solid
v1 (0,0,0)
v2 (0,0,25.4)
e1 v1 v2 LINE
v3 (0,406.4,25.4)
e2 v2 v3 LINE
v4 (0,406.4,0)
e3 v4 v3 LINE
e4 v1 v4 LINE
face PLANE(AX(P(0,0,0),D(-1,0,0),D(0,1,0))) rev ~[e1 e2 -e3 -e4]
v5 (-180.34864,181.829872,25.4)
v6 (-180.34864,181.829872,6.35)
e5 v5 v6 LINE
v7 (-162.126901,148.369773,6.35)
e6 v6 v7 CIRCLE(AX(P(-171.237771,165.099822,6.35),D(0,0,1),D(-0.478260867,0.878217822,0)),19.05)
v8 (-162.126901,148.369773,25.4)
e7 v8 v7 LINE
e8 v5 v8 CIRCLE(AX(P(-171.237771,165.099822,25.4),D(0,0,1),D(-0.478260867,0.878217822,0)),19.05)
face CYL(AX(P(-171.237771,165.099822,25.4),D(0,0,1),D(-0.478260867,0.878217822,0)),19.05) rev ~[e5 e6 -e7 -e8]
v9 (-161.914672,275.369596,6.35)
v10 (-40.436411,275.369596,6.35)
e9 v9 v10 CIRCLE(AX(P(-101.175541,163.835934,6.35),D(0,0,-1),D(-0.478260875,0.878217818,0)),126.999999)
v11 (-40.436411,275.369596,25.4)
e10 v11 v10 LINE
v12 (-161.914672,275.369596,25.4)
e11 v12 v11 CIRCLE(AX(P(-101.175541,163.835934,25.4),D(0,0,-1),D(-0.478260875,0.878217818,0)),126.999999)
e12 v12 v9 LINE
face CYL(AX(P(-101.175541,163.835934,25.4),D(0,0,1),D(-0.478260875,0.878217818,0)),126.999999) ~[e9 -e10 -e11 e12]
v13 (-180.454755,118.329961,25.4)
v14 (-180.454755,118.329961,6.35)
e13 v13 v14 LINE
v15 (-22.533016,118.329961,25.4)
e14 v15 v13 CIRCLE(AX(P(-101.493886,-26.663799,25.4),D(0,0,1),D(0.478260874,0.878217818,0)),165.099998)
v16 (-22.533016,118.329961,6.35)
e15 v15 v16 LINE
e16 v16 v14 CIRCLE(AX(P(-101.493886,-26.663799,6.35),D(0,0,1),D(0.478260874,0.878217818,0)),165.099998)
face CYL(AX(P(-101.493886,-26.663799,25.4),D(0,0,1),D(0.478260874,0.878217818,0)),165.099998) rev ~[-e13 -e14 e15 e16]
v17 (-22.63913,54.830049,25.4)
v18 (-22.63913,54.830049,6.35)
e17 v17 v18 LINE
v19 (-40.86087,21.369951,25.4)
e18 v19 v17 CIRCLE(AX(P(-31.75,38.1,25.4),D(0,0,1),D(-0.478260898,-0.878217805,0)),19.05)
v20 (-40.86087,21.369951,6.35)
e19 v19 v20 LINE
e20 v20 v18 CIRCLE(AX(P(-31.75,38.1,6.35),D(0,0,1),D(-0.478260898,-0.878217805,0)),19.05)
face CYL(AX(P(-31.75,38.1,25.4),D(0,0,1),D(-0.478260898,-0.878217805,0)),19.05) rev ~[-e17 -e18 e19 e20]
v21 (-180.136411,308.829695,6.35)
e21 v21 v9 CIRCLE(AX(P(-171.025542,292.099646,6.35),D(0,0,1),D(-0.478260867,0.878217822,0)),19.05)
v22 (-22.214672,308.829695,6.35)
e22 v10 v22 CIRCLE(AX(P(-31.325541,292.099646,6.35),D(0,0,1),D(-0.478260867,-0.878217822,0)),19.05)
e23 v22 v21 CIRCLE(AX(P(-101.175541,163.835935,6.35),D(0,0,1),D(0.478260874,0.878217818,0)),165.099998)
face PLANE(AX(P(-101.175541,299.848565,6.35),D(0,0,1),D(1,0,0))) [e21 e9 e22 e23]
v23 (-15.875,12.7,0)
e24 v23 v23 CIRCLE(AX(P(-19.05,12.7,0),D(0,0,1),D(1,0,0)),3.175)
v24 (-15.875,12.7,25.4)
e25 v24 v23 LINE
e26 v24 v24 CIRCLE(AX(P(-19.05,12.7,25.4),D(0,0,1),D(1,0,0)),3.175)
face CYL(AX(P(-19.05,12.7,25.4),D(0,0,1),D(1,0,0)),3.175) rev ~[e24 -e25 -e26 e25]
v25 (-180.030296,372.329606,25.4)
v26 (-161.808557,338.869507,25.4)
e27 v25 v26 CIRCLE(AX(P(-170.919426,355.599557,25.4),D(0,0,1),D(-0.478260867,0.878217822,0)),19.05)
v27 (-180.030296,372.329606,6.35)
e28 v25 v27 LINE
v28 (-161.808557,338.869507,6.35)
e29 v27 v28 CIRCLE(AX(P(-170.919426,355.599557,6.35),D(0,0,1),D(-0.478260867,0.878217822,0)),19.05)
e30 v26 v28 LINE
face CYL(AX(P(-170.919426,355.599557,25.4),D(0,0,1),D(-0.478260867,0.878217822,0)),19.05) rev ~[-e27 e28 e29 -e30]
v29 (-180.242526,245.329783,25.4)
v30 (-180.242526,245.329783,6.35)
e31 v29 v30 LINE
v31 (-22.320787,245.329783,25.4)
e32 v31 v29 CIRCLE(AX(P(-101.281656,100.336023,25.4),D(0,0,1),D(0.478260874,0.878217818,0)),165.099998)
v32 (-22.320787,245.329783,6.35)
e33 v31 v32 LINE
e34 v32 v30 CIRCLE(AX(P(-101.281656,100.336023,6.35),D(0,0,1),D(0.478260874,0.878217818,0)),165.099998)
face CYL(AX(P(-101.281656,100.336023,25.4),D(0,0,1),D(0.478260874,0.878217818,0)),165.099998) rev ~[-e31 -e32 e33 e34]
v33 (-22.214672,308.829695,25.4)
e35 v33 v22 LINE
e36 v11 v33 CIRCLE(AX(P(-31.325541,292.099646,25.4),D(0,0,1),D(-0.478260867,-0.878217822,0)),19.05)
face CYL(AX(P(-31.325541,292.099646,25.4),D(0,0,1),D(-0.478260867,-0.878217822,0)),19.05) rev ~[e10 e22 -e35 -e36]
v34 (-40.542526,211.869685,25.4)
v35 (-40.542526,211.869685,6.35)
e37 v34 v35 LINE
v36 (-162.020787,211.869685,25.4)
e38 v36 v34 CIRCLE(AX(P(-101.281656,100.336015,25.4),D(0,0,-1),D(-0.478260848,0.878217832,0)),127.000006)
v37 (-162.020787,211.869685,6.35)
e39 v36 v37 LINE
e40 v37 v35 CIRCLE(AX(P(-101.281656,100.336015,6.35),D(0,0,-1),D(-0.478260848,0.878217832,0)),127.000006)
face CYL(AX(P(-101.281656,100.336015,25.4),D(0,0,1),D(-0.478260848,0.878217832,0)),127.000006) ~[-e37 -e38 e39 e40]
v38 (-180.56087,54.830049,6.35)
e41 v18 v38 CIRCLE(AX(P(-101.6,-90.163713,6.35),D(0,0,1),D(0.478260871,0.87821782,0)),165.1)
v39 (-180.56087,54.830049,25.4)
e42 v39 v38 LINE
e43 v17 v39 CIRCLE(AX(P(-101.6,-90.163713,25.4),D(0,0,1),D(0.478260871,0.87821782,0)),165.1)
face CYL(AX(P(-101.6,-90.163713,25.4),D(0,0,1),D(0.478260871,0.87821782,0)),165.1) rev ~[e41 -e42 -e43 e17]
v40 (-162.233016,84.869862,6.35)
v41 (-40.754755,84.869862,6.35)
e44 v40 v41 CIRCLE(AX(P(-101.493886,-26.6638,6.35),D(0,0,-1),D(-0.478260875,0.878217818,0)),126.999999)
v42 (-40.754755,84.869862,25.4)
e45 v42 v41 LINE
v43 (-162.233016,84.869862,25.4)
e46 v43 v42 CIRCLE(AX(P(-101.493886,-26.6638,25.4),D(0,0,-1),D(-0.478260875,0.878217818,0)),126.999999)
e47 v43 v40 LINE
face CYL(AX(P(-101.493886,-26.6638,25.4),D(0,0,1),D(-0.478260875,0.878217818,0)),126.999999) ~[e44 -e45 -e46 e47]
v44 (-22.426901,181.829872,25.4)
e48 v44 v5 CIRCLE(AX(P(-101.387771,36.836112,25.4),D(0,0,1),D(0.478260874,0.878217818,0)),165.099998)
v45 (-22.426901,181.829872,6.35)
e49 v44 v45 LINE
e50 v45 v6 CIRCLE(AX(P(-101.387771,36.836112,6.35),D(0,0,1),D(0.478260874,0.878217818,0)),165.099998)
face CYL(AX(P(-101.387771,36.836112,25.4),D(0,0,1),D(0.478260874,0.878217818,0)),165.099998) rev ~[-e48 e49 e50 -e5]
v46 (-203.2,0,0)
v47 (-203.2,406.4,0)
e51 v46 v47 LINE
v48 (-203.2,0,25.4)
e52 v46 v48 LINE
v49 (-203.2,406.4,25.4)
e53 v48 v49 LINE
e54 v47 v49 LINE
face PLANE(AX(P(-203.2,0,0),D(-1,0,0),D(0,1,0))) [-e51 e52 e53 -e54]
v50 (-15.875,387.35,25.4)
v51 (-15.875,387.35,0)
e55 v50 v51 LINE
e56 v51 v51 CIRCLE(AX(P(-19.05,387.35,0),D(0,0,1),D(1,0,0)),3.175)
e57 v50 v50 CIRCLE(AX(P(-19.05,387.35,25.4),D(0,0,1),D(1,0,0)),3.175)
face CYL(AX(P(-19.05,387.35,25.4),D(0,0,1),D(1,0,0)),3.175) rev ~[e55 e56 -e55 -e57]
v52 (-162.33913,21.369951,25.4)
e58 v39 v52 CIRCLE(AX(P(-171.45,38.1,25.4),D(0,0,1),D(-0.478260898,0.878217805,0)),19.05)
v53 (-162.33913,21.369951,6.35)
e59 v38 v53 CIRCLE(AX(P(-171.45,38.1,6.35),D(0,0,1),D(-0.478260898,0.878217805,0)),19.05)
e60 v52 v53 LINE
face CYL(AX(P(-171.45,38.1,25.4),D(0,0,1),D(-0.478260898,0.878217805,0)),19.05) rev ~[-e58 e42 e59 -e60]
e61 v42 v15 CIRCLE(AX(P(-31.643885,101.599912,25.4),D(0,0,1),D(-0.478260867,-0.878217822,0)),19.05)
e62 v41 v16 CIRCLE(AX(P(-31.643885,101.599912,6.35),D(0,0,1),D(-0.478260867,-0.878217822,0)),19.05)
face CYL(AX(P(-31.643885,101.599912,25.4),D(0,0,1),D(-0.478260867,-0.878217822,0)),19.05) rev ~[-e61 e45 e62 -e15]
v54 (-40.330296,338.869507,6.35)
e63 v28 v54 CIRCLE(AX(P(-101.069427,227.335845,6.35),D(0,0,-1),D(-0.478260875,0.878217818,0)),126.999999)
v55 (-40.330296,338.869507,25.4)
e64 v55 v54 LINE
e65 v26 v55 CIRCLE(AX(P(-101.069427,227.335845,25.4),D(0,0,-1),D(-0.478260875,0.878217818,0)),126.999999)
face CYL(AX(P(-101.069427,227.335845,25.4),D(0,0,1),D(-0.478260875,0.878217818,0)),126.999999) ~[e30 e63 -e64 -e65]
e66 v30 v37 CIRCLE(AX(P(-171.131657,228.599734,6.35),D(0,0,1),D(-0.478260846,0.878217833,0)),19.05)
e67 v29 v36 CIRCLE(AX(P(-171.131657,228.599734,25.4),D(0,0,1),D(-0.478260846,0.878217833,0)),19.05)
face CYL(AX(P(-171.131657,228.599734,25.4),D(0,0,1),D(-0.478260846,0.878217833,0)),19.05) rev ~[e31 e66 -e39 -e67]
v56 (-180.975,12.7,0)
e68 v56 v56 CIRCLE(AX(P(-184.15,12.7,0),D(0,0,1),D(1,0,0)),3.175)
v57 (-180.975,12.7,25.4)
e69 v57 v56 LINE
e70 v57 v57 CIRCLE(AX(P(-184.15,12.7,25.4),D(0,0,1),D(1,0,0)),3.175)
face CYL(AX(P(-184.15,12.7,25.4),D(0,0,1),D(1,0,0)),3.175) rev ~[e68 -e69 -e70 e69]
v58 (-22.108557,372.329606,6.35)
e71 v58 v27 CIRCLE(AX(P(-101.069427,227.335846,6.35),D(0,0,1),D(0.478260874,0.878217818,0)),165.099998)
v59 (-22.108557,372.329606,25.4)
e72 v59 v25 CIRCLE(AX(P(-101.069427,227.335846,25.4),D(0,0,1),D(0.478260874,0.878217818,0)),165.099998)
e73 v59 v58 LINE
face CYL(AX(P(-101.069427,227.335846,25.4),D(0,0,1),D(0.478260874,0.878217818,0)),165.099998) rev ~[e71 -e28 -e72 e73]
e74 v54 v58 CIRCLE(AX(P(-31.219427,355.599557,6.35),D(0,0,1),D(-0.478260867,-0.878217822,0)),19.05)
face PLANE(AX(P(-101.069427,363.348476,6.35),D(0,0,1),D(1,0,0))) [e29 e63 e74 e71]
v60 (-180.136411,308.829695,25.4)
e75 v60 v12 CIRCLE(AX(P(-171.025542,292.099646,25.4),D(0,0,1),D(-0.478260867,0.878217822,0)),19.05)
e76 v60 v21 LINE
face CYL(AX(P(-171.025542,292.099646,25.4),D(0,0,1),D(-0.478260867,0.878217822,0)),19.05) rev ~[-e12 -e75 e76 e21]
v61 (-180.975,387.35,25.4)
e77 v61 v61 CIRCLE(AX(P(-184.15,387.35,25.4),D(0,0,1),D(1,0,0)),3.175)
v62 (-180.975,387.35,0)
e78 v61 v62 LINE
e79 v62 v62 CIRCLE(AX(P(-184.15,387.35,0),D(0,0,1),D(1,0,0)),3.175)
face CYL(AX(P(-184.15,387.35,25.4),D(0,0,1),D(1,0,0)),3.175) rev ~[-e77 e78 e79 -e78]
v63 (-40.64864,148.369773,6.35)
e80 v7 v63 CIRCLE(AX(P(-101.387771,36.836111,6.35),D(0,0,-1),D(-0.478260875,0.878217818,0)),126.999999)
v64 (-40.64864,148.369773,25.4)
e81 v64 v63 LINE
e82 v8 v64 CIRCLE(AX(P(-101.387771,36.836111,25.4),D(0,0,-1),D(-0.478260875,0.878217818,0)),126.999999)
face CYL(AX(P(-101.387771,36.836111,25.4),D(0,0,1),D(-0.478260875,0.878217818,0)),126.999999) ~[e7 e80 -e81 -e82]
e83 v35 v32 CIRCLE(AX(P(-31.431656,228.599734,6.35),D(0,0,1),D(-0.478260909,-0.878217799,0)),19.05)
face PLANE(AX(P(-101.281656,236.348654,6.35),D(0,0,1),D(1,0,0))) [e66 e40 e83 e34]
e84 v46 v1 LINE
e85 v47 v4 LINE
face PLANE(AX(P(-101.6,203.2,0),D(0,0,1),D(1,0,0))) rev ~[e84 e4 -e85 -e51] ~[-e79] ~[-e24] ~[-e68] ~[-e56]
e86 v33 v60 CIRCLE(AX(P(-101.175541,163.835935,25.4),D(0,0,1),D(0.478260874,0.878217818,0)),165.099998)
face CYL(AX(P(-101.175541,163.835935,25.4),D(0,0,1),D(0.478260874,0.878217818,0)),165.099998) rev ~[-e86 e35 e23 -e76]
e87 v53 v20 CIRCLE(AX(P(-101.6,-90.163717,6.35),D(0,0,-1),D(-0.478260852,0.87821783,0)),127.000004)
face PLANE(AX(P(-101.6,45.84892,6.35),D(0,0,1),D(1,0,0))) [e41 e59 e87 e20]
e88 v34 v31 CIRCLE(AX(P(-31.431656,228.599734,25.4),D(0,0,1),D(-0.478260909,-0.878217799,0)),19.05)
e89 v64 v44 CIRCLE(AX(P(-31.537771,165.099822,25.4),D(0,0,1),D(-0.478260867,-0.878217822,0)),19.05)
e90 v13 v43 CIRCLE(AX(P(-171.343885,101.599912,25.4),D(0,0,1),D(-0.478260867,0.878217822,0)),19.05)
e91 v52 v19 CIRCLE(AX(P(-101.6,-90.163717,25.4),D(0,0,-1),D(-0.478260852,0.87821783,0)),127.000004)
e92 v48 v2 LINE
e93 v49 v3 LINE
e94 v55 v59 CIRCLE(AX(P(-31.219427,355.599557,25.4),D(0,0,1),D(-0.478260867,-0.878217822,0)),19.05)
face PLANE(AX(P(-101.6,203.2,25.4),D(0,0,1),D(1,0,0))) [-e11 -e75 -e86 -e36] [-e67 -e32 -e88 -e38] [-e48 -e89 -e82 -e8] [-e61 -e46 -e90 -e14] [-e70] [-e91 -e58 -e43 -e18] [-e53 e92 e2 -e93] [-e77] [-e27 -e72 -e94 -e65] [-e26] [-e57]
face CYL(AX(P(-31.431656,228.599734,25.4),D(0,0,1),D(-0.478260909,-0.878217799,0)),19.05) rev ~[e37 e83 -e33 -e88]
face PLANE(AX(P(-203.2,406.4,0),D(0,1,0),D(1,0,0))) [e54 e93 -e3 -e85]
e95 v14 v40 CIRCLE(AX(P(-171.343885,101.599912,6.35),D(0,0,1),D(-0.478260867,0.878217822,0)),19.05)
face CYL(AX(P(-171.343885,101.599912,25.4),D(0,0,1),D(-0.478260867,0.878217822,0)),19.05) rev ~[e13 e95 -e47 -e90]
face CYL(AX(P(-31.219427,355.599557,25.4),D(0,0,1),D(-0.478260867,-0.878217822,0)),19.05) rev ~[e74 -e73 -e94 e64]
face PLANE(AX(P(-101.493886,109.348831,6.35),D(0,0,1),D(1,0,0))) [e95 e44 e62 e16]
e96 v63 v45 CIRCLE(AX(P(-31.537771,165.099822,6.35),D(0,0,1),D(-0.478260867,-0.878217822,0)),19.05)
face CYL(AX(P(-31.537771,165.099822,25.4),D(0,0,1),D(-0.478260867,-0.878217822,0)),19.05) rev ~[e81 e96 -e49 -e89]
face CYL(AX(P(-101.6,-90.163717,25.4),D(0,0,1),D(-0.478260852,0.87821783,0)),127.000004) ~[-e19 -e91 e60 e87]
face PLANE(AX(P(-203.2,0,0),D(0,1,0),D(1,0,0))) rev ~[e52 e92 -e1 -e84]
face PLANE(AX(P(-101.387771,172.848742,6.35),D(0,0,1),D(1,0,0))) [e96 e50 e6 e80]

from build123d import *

# Parameters (mm, degrees)
F0_W     = 203.2
F0_H     = 406.4
F1_DEPTH = 25.4
F3_DEPTH = 19.05
F4_R     = 3.175
F5_DEPTH = 25.401


with BuildPart() as f1:
    # F0 (on Top) → F1 (new body)
    with BuildSketch(Plane.XY):
        with Locations((-101.6, 203.2)):
            Rectangle(F0_W, F0_H)
    extrude(amount=F1_DEPTH)

    # F2 (on face) → F3 (cut)
    with BuildSketch(Plane.XY.offset(25.4)):
        with BuildLine():
            ThreePointArc((-162.33913, 21.369951), (-101.6, 36.836287), (-40.86087, 21.369951))
            ThreePointArc((-40.86087, 21.369951), (-15.019951, 28.98913), (-22.63913, 54.830049))
            ThreePointArc((-22.63913, 54.830049), (-101.6, 74.936287), (-180.56087, 54.830049))
            ThreePointArc((-180.56087, 54.830049), (-188.180049, 28.98913), (-162.33913, 21.369951))
        make_face()
        with BuildLine():
            ThreePointArc((-162.233016, 84.869862), (-101.493885, 100.336199), (-40.754755, 84.869862))
            ThreePointArc((-40.754755, 84.869862), (-14.913836, 92.489042), (-22.533016, 118.329961))
            ThreePointArc((-22.533016, 118.329961), (-101.493885, 138.436199), (-180.454755, 118.329961))
            ThreePointArc((-180.454755, 118.329961), (-188.073935, 92.489042), (-162.233016, 84.869862))
        make_face()
        with BuildLine():
            ThreePointArc((-162.126901, 148.369773), (-101.387771, 163.83611), (-40.64864, 148.369773))
            ThreePointArc((-40.64864, 148.369773), (-14.807721, 155.988953), (-22.426901, 181.829872))
            ThreePointArc((-22.426901, 181.829872), (-101.387771, 201.93611), (-180.34864, 181.829872))
            ThreePointArc((-180.34864, 181.829872), (-187.96782, 155.988953), (-162.126901, 148.369773))
        make_face()
        with BuildLine():
            ThreePointArc((-162.020787, 211.869685), (-101.281656, 227.336021), (-40.542526, 211.869685))
            ThreePointArc((-40.542526, 211.869685), (-14.701607, 219.488864), (-22.320787, 245.329783))
            ThreePointArc((-22.320787, 245.329783), (-101.281656, 265.436021), (-180.242526, 245.329783))
            ThreePointArc((-180.242526, 245.329783), (-187.861706, 219.488864), (-162.020787, 211.869685))
        make_face()
        with BuildLine():
            ThreePointArc((-161.914672, 275.369596), (-101.175541, 290.835933), (-40.436411, 275.369596))
            ThreePointArc((-40.436411, 275.369596), (-14.595492, 282.988776), (-22.214672, 308.829695))
            ThreePointArc((-22.214672, 308.829695), (-101.175541, 328.935933), (-180.136411, 308.829695))
            ThreePointArc((-180.136411, 308.829695), (-187.755591, 282.988776), (-161.914672, 275.369596))
        make_face()
        with BuildLine():
            ThreePointArc((-161.808557, 338.869507), (-101.069427, 354.335844), (-40.330296, 338.869507))
            ThreePointArc((-40.330296, 338.869507), (-14.489377, 346.488687), (-22.108557, 372.329606))
            ThreePointArc((-22.108557, 372.329606), (-101.069427, 392.435844), (-180.030296, 372.329606))
            ThreePointArc((-180.030296, 372.329606), (-187.649476, 346.488687), (-161.808557, 338.869507))
        make_face()
    extrude(amount=-F3_DEPTH, mode=Mode.SUBTRACT)

    # F4 (on face) → F5 (cut, through all)
    with BuildSketch(Plane.XY.offset(25.4)):
        with Locations((-184.15, 387.35)):
            Circle(F4_R)
        with Locations((-19.05, 387.35)):
            Circle(F4_R)
        with Locations((-184.15, 12.7)):
            Circle(F4_R)
        with Locations((-19.05, 12.7)):
            Circle(F4_R)
    extrude(amount=-F5_DEPTH, mode=Mode.SUBTRACT)


solid = f1.part
